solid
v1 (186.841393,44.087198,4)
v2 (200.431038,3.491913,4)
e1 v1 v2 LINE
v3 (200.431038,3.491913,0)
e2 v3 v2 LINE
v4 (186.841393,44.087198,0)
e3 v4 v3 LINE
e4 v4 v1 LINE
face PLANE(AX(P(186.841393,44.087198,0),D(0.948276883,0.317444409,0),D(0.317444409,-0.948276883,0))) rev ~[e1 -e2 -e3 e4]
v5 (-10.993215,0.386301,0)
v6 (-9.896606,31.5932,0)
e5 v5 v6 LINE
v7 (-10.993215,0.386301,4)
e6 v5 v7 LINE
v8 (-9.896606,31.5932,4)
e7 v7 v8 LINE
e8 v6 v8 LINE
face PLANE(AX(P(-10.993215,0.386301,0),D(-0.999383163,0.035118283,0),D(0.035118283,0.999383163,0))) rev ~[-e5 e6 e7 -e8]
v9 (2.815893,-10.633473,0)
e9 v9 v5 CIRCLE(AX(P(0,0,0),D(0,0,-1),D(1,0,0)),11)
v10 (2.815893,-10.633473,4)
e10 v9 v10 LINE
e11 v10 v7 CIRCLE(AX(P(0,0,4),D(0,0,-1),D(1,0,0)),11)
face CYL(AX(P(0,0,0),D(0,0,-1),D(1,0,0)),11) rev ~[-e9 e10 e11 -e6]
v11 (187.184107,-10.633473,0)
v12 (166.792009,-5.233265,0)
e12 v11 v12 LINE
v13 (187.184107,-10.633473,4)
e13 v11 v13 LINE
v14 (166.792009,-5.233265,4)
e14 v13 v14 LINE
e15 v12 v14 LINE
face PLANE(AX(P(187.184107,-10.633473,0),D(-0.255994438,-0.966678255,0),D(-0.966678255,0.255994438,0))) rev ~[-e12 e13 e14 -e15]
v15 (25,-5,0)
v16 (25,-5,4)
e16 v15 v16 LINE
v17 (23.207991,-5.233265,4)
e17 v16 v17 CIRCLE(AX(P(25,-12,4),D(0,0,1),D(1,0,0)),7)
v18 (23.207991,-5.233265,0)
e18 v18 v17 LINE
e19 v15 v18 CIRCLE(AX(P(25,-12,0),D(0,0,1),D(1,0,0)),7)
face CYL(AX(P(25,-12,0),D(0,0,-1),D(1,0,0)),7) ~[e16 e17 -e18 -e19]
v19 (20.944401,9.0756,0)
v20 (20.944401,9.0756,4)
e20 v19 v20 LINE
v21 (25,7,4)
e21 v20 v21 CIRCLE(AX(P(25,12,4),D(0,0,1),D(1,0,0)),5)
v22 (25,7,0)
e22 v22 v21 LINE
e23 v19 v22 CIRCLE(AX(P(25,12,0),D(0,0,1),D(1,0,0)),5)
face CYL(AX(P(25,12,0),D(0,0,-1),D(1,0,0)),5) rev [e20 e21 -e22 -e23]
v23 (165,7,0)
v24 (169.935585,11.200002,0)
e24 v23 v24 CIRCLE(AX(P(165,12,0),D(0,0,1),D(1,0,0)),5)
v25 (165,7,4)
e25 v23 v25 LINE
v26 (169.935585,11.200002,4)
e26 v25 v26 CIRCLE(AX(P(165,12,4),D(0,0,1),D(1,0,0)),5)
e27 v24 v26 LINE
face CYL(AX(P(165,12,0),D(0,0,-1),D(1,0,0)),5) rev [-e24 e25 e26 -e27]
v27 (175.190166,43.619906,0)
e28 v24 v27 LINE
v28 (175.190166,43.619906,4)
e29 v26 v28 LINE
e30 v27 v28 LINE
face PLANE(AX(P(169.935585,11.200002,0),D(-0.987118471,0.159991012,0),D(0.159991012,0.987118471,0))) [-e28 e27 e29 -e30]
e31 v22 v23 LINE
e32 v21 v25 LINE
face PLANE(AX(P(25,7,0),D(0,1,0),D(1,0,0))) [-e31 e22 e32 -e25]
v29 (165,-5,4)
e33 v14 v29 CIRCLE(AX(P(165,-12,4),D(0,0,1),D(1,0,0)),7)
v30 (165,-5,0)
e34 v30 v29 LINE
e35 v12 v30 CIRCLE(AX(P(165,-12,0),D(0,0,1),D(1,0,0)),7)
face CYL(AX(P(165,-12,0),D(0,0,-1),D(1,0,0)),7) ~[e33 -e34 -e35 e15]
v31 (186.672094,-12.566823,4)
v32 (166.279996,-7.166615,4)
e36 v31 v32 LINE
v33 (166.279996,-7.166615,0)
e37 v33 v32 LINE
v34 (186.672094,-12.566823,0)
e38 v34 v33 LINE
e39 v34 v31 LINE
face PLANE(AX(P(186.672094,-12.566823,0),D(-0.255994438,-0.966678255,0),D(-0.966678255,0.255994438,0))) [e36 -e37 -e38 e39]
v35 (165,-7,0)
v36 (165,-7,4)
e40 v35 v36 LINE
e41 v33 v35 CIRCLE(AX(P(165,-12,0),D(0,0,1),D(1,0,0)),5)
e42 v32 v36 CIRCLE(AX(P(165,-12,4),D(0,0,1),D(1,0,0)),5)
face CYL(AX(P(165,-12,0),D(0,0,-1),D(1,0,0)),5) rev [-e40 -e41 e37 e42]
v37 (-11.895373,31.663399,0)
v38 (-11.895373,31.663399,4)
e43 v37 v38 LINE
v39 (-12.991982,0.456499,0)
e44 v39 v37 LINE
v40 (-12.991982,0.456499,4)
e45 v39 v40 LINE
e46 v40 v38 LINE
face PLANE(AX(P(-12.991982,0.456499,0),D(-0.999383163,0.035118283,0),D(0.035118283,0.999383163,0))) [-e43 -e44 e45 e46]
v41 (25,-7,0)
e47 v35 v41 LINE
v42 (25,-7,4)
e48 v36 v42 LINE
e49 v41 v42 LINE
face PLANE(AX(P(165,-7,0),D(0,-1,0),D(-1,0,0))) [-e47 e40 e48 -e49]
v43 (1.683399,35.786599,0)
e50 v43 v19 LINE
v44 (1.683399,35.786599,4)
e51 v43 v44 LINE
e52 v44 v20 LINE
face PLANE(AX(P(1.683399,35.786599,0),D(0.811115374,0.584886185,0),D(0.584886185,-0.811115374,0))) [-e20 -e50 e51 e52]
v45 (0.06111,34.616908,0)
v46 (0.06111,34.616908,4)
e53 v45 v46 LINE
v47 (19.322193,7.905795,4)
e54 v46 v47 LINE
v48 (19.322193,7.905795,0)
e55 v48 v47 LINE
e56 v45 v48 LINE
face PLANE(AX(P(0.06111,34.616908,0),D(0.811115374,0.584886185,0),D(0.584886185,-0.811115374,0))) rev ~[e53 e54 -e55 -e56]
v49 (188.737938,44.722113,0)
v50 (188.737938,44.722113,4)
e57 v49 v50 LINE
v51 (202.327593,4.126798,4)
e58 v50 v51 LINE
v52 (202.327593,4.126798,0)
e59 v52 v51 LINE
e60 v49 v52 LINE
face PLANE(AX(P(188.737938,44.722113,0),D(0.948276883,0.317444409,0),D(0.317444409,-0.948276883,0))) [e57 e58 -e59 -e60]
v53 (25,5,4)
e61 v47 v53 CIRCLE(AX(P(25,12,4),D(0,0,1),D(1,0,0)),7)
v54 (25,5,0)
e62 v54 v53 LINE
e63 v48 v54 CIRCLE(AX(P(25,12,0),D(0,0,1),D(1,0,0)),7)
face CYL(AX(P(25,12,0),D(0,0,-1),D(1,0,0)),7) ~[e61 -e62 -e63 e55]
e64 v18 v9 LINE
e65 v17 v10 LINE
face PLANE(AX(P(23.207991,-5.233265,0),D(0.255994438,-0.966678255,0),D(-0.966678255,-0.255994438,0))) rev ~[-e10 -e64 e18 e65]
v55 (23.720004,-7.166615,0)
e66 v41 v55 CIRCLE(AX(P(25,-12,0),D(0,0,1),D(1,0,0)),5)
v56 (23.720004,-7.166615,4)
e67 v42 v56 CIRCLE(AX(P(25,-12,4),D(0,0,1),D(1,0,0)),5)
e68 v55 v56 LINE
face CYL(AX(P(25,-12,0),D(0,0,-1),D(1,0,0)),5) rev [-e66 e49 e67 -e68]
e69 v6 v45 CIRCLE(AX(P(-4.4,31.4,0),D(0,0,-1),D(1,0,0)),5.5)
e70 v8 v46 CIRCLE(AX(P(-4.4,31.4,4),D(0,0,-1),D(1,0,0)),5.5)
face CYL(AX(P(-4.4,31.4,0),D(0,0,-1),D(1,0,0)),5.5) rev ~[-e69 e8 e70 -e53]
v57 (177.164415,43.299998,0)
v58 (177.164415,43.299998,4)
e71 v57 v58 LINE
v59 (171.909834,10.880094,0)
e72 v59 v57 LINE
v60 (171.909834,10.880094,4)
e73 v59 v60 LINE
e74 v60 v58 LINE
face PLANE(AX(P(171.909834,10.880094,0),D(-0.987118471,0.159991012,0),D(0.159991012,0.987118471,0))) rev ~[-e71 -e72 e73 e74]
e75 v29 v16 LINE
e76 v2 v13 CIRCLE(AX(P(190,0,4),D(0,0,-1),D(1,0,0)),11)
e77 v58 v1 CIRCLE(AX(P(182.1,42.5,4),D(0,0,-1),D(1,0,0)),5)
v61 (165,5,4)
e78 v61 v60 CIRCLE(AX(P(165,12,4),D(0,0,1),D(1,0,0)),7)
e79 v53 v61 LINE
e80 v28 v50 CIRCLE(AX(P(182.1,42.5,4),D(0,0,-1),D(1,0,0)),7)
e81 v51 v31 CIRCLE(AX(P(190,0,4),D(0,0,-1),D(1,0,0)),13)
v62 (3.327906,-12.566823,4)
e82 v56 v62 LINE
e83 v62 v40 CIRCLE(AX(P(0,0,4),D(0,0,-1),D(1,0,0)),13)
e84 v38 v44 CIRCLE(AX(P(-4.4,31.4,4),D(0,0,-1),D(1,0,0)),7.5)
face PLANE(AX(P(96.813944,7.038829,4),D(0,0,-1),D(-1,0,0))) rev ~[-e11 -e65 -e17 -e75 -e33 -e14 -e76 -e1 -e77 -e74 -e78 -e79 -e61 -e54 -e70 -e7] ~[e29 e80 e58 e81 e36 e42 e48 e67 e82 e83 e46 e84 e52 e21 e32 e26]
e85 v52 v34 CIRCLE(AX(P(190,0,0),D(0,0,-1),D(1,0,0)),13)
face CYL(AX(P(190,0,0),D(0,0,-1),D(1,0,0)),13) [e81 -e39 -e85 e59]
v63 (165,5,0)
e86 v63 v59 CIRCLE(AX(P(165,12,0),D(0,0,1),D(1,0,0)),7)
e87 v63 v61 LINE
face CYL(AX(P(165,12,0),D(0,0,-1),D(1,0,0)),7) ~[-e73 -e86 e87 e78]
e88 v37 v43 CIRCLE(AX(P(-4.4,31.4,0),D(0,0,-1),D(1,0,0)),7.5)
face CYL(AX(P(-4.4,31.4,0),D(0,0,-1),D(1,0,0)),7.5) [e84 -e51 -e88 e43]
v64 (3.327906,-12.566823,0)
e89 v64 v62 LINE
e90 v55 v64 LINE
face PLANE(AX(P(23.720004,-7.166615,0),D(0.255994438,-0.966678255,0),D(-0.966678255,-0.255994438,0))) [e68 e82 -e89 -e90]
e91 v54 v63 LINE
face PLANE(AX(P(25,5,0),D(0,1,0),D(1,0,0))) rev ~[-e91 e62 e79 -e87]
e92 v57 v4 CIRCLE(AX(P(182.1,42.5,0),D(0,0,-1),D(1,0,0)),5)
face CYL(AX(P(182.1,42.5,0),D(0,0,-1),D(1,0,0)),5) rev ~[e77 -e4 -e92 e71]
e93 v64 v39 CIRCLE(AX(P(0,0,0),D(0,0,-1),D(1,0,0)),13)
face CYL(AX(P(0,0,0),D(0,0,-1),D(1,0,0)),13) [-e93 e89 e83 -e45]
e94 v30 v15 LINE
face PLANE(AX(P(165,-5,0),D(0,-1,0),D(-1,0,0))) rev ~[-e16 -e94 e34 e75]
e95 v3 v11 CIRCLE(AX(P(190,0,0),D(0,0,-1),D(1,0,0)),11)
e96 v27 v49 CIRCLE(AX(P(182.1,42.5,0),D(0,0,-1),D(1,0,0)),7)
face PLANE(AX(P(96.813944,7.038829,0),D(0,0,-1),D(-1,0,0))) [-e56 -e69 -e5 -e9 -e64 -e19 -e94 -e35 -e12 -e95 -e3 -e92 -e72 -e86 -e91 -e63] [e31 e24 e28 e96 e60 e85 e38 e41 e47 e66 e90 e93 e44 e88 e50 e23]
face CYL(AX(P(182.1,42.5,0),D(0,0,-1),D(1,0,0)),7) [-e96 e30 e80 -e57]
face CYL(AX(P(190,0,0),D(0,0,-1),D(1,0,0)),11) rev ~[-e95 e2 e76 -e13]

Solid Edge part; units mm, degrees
sketch "Sketch1" plane through (0, 0, 0) normal (0, 0, 1) x (1, 0, 0)
  line L0 (165, -7) -> (25, -7)
  arc A0 (25, -7) -> (23.72, -7.1666) centre (25, -12) ccw
  line L1 (23.72, -7.1666) -> (3.3279, -12.5668)
  arc A1 (3.3279, -12.5668) -> (-12.992, 0.4565) centre (0, 0) cw
  line L2 (-12.992, 0.4565) -> (-11.8954, 31.6634)
  arc A2 (-11.8954, 31.6634) -> (1.6834, 35.7866) centre (-4.4, 31.4) cw
  line L3 (1.6834, 35.7866) -> (20.9444, 9.0756)
  arc A3 (20.9444, 9.0756) -> (25, 7) centre (25, 12) ccw
  line L4 (25, 7) -> (165, 7)
  arc A4 (165, 7) -> (169.9356, 11.2) centre (165, 12) ccw
  line L5 (169.9356, 11.2) -> (175.1902, 43.6199)
  arc A5 (175.1902, 43.6199) -> (188.7379, 44.7221) centre (182.1, 42.5) cw
  line L6 (188.7379, 44.7221) -> (202.3276, 4.1268)
  arc A6 (202.3276, 4.1268) -> (186.6721, -12.5668) centre (190, 0) cw
  line L7 (186.6721, -12.5668) -> (166.28, -7.1666)
  arc A7 (166.28, -7.1666) -> (165, -7) centre (165, -12) ccw
  line L8 (165, -5) -> (25, -5)
  arc A8 (25, -5) -> (23.208, -5.2333) centre (25, -12) ccw
  line L9 (23.208, -5.2333) -> (2.8159, -10.6335)
  arc A9 (2.8159, -10.6335) -> (-10.9932, 0.3863) centre (0, 0) cw
  line L10 (-10.9932, 0.3863) -> (-9.8966, 31.5932)
  arc A10 (-9.8966, 31.5932) -> (0.0611, 34.6169) centre (-4.4, 31.4) cw
  line L11 (0.0611, 34.6169) -> (19.3222, 7.9058)
  arc A11 (19.3222, 7.9058) -> (25, 5) centre (25, 12) ccw
  line L12 (25, 5) -> (165, 5)
  arc A12 (165, 5) -> (171.9098, 10.8801) centre (165, 12) ccw
  line L13 (171.9098, 10.8801) -> (177.1644, 43.3)
  arc A13 (177.1644, 43.3) -> (186.8414, 44.0872) centre (182.1, 42.5) cw
  line L14 (186.8414, 44.0872) -> (200.431, 3.4919)
  arc A14 (200.431, 3.4919) -> (187.1841, -10.6335) centre (190, 0) cw
  line L15 (187.1841, -10.6335) -> (166.792, -5.2333)
  arc A15 (166.792, -5.2333) -> (165, -5) centre (165, -12) ccw
  dimension "D1" = 24
  dimension "D2" = 1
  dimension "D3" = 1
  dimension "D4" = 1
  dimension "D5" = 1
  dimension "D6" = 1
  dimension "D7" = 1
  dimension "D8" = 1
extrude "Protrusion1" add sketch "Sketch1" along normal blind 4
properties material "Steel"
